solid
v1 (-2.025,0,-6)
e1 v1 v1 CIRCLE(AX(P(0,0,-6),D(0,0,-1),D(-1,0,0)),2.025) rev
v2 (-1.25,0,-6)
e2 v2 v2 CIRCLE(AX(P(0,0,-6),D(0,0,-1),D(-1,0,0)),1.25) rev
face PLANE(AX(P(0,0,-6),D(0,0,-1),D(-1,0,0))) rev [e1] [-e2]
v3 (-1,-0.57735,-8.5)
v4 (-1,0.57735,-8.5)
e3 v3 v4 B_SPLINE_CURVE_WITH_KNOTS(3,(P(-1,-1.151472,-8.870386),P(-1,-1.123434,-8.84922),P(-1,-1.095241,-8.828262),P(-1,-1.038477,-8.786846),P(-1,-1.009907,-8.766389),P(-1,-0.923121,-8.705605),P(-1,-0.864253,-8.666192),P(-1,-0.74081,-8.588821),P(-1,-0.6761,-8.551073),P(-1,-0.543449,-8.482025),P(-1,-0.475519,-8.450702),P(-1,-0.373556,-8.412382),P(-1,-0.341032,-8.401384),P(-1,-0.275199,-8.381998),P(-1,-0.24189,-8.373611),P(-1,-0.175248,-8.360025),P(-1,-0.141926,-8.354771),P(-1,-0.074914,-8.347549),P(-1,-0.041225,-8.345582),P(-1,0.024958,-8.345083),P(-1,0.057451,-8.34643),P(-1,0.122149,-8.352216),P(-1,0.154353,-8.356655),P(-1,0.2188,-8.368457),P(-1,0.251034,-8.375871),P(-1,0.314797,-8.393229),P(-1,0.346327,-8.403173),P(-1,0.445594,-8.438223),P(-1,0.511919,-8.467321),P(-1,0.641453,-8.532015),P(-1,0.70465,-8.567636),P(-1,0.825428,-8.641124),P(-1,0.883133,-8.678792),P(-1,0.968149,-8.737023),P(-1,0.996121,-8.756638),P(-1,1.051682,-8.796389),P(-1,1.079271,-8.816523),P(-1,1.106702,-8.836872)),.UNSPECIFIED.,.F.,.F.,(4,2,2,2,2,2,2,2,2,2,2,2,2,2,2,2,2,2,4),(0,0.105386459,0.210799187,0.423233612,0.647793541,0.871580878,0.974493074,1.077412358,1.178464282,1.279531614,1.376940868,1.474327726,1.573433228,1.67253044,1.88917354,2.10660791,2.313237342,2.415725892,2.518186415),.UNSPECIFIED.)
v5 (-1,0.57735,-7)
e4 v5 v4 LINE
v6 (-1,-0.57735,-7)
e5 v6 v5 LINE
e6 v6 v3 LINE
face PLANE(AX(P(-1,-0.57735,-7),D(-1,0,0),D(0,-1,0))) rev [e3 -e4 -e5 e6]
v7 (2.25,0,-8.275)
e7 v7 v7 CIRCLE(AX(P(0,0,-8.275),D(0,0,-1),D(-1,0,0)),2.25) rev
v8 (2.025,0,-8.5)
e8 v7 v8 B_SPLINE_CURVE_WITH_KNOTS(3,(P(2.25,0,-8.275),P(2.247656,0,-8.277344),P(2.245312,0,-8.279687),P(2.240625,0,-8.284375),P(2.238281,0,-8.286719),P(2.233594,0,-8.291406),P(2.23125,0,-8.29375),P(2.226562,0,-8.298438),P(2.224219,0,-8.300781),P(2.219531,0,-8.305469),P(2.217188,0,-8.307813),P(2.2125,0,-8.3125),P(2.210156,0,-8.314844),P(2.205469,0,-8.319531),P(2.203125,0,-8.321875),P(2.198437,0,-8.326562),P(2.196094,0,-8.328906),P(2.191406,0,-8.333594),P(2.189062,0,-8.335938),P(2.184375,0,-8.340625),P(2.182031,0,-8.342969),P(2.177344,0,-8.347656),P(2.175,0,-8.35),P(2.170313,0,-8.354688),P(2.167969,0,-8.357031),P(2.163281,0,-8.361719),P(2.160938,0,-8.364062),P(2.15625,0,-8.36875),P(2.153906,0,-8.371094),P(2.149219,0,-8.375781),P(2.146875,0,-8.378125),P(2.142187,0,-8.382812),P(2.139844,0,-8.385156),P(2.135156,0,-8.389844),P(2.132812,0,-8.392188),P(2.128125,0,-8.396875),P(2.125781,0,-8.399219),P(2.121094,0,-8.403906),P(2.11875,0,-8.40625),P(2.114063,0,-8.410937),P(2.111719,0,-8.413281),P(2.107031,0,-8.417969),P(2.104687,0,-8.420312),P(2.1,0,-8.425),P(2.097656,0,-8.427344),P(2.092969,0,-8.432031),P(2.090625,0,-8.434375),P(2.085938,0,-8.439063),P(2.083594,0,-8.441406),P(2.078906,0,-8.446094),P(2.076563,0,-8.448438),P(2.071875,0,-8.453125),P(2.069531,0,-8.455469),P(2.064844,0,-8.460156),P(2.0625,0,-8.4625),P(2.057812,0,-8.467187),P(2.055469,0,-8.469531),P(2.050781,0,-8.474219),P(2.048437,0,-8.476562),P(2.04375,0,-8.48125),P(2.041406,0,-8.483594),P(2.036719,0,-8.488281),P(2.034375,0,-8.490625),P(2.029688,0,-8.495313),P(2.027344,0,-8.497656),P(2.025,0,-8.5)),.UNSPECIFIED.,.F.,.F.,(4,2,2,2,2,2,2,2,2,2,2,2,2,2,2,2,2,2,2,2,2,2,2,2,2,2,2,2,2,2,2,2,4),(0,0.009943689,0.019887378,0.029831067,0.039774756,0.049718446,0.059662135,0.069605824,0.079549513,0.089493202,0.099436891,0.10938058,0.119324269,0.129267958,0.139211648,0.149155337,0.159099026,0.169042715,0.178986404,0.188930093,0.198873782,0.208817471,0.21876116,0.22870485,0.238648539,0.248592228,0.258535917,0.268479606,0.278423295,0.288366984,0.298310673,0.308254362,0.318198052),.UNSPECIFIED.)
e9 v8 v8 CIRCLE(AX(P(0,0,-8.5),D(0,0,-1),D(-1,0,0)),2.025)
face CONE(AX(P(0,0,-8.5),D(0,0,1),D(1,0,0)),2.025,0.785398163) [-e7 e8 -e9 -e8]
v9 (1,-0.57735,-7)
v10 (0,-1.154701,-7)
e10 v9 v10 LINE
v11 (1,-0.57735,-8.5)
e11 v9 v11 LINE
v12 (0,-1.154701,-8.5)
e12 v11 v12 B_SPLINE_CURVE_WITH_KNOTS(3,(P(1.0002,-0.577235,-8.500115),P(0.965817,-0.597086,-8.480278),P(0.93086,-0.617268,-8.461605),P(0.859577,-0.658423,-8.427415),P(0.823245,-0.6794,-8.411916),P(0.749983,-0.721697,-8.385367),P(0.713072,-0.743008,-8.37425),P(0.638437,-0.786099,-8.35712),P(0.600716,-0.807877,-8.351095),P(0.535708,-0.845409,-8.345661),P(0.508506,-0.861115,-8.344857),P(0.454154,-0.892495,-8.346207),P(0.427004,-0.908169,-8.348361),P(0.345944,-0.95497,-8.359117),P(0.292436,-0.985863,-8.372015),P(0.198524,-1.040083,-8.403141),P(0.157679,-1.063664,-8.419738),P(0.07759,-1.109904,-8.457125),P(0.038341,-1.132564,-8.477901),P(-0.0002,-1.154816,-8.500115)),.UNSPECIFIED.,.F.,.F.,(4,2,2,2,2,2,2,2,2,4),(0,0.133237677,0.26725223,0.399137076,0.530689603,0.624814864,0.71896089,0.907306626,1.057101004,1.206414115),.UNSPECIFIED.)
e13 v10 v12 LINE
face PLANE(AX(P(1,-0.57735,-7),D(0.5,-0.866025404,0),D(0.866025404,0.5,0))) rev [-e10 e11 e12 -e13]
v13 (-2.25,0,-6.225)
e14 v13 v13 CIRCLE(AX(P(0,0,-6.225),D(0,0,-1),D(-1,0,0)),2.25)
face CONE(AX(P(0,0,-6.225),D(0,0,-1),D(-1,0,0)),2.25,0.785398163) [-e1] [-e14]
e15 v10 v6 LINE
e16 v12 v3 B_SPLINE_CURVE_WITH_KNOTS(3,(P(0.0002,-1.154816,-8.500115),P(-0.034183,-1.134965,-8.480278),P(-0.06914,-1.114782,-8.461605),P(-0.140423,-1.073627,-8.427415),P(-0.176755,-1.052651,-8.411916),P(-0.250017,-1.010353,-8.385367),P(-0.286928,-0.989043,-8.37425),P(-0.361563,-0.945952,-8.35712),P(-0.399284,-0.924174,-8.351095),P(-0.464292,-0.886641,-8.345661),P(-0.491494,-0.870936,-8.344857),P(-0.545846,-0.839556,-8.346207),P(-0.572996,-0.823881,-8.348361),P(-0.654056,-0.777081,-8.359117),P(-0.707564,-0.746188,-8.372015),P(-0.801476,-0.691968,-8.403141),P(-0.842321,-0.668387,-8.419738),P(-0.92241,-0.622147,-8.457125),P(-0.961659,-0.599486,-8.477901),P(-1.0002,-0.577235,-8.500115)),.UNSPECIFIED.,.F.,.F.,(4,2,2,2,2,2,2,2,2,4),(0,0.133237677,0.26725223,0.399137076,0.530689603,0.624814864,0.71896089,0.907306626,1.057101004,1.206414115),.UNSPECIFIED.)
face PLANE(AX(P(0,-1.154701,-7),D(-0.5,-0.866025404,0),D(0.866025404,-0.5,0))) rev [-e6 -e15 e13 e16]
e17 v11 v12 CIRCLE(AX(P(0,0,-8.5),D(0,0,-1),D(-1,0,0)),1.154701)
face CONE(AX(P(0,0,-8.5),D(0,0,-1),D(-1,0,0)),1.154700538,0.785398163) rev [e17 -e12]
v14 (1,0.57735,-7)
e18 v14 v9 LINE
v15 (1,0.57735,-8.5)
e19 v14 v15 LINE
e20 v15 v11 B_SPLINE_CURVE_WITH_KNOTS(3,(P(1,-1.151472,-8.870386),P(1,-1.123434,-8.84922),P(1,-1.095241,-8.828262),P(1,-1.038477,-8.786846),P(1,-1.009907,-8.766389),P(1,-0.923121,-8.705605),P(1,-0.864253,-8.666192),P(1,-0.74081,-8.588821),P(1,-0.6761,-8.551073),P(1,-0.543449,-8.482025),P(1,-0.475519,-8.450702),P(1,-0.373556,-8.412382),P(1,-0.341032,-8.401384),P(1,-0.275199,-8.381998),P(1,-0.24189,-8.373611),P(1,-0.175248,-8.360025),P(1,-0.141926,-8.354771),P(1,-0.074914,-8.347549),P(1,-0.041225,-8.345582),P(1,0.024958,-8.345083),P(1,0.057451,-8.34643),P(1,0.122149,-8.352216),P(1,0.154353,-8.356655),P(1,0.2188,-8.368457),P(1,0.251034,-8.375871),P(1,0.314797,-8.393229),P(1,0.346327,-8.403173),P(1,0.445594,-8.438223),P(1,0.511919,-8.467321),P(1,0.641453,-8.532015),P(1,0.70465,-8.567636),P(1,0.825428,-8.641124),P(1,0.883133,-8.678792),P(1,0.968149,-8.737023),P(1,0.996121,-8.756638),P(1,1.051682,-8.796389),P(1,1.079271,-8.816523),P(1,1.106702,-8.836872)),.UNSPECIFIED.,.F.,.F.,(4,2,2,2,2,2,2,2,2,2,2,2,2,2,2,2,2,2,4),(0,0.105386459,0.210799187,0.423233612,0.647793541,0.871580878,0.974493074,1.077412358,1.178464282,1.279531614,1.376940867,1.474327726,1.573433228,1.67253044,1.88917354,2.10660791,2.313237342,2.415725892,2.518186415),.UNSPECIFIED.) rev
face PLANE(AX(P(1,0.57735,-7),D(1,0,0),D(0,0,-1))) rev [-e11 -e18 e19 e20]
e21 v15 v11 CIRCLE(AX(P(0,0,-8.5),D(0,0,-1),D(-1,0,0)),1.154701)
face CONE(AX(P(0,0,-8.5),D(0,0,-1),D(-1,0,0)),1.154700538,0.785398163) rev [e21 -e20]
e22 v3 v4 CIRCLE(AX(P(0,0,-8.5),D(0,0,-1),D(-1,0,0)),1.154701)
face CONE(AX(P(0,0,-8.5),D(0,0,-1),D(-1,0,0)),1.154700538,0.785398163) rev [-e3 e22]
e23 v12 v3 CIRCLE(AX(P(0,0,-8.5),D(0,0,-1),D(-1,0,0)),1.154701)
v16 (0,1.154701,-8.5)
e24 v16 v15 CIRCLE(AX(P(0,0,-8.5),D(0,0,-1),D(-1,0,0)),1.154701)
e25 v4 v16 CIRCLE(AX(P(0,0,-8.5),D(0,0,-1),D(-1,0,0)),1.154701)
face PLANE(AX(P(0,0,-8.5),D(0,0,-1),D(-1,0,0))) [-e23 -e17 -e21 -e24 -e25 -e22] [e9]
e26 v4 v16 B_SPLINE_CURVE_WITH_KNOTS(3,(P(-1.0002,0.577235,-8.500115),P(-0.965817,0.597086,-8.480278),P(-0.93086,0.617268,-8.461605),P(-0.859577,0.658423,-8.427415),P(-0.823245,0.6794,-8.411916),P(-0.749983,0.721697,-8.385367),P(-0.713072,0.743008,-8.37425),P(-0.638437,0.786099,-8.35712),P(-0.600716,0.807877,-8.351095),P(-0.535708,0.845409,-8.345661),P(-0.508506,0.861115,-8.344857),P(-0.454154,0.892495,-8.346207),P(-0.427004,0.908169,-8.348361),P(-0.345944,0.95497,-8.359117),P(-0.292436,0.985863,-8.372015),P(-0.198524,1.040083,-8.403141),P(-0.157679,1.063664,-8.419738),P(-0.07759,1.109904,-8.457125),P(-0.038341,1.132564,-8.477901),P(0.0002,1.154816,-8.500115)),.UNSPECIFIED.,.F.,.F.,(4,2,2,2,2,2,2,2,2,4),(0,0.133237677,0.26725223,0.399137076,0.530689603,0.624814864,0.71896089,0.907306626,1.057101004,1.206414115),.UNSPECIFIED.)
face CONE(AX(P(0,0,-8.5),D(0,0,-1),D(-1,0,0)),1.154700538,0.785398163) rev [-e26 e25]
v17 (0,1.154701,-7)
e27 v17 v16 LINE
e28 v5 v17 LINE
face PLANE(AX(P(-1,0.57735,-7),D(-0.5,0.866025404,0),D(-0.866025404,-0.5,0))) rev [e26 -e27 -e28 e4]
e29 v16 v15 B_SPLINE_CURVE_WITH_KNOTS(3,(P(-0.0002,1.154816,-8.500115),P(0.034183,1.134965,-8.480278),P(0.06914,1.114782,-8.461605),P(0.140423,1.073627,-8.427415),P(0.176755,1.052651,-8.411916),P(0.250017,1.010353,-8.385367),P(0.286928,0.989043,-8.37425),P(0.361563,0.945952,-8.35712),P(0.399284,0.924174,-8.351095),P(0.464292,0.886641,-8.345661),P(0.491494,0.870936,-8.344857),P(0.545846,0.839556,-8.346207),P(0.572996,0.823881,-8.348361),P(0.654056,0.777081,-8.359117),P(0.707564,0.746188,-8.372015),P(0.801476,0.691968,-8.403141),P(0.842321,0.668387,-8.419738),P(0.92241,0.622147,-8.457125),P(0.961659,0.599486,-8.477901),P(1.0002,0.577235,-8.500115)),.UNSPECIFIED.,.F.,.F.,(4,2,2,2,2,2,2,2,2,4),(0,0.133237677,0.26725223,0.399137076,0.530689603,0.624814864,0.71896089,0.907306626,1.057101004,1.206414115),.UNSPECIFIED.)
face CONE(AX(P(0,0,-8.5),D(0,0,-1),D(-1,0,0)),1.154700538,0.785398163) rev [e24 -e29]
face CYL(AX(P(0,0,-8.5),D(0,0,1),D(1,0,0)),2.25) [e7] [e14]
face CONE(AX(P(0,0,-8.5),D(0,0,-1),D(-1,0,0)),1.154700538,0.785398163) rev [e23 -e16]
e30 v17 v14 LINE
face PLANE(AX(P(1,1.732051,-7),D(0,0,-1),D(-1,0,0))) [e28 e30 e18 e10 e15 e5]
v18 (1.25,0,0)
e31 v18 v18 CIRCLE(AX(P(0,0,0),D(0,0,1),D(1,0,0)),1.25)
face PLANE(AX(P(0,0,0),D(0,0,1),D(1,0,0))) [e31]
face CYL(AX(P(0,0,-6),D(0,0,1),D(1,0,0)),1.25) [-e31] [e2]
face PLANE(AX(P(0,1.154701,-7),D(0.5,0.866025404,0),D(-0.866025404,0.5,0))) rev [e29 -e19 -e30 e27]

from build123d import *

# Parameters (mm, degrees)
SKETCH1_R          = 1.25
EXTRUDE1_DEPTH     = 6
SKETCH6_R          = 2.25
EXTRUDE2_DEPTH     = 2.5
CUT_EXTRUDE1_DEPTH = 1.5
CHAMFER1_SIZE      = 0.225


with BuildPart() as part:
    # Sketch1 → Extrude1 (new body)
    with BuildSketch(Plane.XY):
        Circle(SKETCH1_R)
    extrude(amount=-EXTRUDE1_DEPTH)

    # Sketch6 → Extrude2 (add)
    with BuildSketch(Plane(origin=(0, 0, -6), x_dir=(-1, 0, 0), z_dir=(0, 0, -1))):
        Circle(SKETCH6_R)
    extrude(amount=EXTRUDE2_DEPTH)

    # Sketch7 → Cut-Extrude1 (cut)
    with BuildSketch(Plane(origin=(0, 0, -8.5), x_dir=(-1, 0, 0), z_dir=(0, 0, -1))):
        Polygon((0, 1.154700538), (-1, 0.577350269), (-1, -0.577350269), (0, -1.154700538), (1, -0.577350269), (1, 0.577350269), align=None)
    extrude(amount=-CUT_EXTRUDE1_DEPTH, mode=Mode.SUBTRACT)

    # Cut-Extrude2 cone 1 section (through the dimple's axis) → Cut-Extrude2 (revolve, cut)
    with BuildSketch(Plane(origin=(0, 0, -8.5), x_dir=(0, 1, 0), z_dir=(1, 0, 0))):
        Polygon((0, 0), (1.154700538, 0), (0, 1.154700538), align=None)
    revolve(axis=Axis((0, 0, -8.5), (0, 0, 1)), mode=Mode.SUBTRACT)

    # Chamfer1
    chamfer1_edges = [part.edges().sort_by_distance(p)[0] for p in [
        (2.25, 0, -6),
        (2.25, 0, -8.5),
    ]]
    chamfer(chamfer1_edges, length=CHAMFER1_SIZE)


solid = part.part
